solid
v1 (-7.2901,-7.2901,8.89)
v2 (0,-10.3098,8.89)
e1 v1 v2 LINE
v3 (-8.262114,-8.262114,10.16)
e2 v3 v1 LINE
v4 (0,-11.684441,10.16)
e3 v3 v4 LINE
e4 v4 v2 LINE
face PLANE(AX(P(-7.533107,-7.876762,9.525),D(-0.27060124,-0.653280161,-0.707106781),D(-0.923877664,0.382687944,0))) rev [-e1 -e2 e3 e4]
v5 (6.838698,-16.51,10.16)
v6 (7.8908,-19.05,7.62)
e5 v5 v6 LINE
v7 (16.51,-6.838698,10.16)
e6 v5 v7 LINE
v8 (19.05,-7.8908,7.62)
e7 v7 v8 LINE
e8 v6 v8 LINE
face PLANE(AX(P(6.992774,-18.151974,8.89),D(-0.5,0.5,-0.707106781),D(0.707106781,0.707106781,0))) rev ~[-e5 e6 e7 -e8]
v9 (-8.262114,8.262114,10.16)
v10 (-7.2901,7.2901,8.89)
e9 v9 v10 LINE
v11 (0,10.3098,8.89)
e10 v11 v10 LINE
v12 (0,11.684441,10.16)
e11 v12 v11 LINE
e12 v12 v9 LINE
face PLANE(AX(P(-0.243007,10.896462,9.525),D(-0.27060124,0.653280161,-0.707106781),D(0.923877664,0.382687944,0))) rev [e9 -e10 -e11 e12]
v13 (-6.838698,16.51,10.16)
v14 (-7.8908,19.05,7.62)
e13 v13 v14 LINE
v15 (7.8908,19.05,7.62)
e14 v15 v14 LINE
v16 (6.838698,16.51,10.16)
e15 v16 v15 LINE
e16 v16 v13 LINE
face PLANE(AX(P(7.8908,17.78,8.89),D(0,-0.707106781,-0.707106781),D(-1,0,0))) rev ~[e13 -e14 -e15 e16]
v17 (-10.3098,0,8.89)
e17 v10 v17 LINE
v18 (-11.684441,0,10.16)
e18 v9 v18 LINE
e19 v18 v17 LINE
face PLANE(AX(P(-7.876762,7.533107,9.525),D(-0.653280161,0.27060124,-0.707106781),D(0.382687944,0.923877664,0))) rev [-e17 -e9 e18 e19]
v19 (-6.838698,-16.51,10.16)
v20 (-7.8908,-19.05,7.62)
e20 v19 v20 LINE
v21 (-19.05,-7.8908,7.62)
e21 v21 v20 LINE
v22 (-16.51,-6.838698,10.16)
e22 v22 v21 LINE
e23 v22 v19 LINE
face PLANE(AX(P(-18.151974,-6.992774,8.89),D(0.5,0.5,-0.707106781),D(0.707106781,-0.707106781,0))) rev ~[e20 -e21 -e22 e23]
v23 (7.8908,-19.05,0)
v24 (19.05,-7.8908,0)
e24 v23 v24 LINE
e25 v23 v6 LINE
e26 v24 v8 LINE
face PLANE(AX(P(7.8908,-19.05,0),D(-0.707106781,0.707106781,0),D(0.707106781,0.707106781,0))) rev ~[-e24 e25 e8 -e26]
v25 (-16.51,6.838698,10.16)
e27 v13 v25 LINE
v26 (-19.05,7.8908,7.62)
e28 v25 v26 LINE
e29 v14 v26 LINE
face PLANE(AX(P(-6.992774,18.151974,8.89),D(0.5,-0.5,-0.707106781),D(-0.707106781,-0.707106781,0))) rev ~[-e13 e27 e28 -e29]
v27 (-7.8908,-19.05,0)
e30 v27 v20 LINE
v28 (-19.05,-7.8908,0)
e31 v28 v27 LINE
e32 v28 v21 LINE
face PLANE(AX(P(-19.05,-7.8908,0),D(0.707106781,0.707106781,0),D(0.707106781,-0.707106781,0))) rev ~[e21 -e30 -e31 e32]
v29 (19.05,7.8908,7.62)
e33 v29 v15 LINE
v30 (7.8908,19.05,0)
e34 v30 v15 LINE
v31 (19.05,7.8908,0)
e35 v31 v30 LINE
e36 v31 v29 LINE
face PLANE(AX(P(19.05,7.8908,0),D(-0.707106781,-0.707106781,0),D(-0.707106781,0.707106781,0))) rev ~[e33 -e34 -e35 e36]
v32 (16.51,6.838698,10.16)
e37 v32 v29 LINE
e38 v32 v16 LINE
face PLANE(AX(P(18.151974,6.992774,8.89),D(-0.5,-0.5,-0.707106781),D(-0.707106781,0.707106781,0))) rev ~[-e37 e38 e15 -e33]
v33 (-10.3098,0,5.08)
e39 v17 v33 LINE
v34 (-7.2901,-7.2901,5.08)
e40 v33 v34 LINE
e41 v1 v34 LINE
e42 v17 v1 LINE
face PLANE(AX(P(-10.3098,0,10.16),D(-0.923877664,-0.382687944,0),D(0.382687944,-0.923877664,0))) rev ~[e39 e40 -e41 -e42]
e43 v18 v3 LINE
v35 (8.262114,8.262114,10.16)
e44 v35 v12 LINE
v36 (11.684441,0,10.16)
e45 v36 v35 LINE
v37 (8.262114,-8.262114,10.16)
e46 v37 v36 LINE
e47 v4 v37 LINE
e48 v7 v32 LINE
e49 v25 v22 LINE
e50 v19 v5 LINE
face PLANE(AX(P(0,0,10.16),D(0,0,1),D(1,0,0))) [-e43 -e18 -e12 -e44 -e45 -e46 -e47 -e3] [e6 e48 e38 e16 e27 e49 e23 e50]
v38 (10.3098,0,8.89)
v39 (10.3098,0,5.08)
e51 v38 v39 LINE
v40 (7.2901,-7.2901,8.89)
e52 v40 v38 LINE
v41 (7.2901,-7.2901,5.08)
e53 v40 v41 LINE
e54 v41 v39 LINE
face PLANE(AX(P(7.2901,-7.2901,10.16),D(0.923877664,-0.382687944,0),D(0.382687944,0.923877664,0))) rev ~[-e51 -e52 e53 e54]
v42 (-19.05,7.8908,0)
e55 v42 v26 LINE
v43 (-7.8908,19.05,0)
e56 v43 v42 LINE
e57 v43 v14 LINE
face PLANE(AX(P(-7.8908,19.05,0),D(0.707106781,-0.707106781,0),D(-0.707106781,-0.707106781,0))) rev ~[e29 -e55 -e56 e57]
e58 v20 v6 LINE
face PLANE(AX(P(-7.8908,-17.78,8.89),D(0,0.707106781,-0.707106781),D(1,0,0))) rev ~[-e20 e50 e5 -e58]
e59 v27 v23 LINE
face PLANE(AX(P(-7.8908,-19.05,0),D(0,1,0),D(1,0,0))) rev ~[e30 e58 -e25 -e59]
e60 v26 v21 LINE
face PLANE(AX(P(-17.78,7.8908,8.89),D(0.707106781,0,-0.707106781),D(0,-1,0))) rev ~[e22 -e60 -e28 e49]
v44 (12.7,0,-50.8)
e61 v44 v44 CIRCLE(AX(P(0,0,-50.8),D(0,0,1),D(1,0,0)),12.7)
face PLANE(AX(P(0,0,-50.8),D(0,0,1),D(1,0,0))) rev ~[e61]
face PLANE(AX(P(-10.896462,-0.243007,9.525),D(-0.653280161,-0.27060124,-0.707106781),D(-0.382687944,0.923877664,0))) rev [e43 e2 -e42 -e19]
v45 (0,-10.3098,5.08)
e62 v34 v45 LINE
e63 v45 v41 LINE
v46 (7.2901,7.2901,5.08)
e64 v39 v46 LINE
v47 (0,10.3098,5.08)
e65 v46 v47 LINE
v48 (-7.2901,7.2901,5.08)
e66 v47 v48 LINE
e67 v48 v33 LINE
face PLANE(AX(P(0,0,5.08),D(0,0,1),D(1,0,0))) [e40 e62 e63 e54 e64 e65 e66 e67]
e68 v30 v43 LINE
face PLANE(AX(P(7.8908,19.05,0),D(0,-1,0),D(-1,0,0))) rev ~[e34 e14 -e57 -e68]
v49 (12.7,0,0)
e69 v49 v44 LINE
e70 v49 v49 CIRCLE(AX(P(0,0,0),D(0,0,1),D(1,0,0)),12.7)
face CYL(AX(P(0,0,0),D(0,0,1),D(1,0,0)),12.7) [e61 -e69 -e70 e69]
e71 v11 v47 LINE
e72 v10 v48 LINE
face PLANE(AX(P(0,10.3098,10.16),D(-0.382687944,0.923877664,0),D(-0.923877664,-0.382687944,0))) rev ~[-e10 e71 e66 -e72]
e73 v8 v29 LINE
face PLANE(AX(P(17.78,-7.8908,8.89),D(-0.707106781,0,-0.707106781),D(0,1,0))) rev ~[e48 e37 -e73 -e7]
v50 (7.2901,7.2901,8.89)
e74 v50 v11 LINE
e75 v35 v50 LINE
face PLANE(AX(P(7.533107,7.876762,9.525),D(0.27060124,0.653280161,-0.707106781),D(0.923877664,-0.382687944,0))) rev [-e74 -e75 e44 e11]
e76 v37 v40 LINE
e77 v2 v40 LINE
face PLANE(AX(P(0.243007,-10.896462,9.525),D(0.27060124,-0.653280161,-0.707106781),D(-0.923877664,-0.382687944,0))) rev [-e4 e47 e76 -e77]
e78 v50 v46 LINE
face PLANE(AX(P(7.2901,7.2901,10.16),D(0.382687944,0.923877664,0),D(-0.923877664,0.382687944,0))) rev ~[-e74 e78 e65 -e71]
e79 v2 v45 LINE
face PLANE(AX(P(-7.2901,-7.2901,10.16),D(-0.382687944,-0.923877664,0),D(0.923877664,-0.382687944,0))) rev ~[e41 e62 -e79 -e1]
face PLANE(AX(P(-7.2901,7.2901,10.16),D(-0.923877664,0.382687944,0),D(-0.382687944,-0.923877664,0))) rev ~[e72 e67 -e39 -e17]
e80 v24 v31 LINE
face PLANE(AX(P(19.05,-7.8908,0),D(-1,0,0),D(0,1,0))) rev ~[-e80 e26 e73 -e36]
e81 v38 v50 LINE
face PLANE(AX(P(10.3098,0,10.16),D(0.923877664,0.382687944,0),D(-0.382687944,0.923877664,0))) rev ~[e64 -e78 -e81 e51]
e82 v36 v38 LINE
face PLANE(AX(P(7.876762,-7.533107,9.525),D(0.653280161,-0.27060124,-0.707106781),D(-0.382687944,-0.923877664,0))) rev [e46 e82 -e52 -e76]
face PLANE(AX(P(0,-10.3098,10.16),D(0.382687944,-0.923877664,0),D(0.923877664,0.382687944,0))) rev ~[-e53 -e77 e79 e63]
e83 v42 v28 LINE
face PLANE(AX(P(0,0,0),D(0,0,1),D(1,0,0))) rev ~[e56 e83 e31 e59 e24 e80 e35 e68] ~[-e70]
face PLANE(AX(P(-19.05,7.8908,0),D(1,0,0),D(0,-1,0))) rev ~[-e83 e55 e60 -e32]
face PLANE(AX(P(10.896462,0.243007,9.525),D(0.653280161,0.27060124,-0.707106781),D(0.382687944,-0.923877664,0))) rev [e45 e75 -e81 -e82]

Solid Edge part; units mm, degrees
sketch "Sketch1" plane through (0, 0, 0) normal (0, 0, 1) x (1, 0, 0)
  line L0 (19.05, -7.8908) -> (19.05, 7.8908)
  line L1 (19.05, 7.8908) -> (7.8908, 19.05)
  line L2 (7.8908, 19.05) -> (-7.8908, 19.05)
  line L3 (-7.8908, 19.05) -> (-19.05, 7.8908)
  line L4 (-19.05, 7.8908) -> (-19.05, -7.8908)
  line L5 (-19.05, -7.8908) -> (-7.8908, -19.05)
  line L6 (-7.8908, -19.05) -> (7.8908, -19.05)
  line L7 (7.8908, -19.05) -> (19.05, -7.8908)
extrude "Protrusion1" add sketch "Sketch1" along normal blind 10.16
sketch "Sketch2" plane through (0, 0, 0) normal (0, 0, 1) x (1, 0, 0)
  circle A0 centre (0, 0) radius 12.7
extrude "ExtrudedProtrusion_2" add sketch "Sketch2" against normal blind 50.8
sketch "Sketch3" plane through (0, 0, 10.16) normal (0, 0, 1) x (0, 1, 0)
  line L0 (-10.3098, 0) -> (-7.2901, -7.2901)
  line L1 (-7.2901, -7.2901) -> (0, -10.3098)
  line L2 (0, -10.3098) -> (7.2901, -7.2901)
  line L3 (7.2901, -7.2901) -> (10.3098, 0)
  line L4 (10.3098, 0) -> (7.2901, 7.2901)
  line L5 (7.2901, 7.2901) -> (0, 10.3098)
  line L6 (0, 10.3098) -> (-7.2901, 7.2901)
  line L7 (-7.2901, 7.2901) -> (-10.3098, 0)
extrude "ExtrudedCutout_1" cut sketch "Sketch3" against normal blind 5.08
chamfer "Chamfer_1" distance 1.27 angle 45 8 edges at (-8.8, 3.6451, 10.16) (-3.6451, 8.8, 10.16) (3.6451, 8.8, 10.16) (8.8, 3.6451, 10.16) (8.8, -3.6451, 10.16) (3.6451, -8.8, 10.16) (-3.6451, -8.8, 10.16) (-8.8, -3.6451, 10.16)
chamfer "Chamfer_2" distance 2.54 angle 45 8 edges at (13.4704, -13.4704, 10.16) (19.05, 0, 10.16) (13.4704, 13.4704, 10.16) (0, 19.05, 10.16) (-13.4704, 13.4704, 10.16) (-19.05, 0, 10.16) (-13.4704, -13.4704, 10.16) (0, -19.05, 10.16)
